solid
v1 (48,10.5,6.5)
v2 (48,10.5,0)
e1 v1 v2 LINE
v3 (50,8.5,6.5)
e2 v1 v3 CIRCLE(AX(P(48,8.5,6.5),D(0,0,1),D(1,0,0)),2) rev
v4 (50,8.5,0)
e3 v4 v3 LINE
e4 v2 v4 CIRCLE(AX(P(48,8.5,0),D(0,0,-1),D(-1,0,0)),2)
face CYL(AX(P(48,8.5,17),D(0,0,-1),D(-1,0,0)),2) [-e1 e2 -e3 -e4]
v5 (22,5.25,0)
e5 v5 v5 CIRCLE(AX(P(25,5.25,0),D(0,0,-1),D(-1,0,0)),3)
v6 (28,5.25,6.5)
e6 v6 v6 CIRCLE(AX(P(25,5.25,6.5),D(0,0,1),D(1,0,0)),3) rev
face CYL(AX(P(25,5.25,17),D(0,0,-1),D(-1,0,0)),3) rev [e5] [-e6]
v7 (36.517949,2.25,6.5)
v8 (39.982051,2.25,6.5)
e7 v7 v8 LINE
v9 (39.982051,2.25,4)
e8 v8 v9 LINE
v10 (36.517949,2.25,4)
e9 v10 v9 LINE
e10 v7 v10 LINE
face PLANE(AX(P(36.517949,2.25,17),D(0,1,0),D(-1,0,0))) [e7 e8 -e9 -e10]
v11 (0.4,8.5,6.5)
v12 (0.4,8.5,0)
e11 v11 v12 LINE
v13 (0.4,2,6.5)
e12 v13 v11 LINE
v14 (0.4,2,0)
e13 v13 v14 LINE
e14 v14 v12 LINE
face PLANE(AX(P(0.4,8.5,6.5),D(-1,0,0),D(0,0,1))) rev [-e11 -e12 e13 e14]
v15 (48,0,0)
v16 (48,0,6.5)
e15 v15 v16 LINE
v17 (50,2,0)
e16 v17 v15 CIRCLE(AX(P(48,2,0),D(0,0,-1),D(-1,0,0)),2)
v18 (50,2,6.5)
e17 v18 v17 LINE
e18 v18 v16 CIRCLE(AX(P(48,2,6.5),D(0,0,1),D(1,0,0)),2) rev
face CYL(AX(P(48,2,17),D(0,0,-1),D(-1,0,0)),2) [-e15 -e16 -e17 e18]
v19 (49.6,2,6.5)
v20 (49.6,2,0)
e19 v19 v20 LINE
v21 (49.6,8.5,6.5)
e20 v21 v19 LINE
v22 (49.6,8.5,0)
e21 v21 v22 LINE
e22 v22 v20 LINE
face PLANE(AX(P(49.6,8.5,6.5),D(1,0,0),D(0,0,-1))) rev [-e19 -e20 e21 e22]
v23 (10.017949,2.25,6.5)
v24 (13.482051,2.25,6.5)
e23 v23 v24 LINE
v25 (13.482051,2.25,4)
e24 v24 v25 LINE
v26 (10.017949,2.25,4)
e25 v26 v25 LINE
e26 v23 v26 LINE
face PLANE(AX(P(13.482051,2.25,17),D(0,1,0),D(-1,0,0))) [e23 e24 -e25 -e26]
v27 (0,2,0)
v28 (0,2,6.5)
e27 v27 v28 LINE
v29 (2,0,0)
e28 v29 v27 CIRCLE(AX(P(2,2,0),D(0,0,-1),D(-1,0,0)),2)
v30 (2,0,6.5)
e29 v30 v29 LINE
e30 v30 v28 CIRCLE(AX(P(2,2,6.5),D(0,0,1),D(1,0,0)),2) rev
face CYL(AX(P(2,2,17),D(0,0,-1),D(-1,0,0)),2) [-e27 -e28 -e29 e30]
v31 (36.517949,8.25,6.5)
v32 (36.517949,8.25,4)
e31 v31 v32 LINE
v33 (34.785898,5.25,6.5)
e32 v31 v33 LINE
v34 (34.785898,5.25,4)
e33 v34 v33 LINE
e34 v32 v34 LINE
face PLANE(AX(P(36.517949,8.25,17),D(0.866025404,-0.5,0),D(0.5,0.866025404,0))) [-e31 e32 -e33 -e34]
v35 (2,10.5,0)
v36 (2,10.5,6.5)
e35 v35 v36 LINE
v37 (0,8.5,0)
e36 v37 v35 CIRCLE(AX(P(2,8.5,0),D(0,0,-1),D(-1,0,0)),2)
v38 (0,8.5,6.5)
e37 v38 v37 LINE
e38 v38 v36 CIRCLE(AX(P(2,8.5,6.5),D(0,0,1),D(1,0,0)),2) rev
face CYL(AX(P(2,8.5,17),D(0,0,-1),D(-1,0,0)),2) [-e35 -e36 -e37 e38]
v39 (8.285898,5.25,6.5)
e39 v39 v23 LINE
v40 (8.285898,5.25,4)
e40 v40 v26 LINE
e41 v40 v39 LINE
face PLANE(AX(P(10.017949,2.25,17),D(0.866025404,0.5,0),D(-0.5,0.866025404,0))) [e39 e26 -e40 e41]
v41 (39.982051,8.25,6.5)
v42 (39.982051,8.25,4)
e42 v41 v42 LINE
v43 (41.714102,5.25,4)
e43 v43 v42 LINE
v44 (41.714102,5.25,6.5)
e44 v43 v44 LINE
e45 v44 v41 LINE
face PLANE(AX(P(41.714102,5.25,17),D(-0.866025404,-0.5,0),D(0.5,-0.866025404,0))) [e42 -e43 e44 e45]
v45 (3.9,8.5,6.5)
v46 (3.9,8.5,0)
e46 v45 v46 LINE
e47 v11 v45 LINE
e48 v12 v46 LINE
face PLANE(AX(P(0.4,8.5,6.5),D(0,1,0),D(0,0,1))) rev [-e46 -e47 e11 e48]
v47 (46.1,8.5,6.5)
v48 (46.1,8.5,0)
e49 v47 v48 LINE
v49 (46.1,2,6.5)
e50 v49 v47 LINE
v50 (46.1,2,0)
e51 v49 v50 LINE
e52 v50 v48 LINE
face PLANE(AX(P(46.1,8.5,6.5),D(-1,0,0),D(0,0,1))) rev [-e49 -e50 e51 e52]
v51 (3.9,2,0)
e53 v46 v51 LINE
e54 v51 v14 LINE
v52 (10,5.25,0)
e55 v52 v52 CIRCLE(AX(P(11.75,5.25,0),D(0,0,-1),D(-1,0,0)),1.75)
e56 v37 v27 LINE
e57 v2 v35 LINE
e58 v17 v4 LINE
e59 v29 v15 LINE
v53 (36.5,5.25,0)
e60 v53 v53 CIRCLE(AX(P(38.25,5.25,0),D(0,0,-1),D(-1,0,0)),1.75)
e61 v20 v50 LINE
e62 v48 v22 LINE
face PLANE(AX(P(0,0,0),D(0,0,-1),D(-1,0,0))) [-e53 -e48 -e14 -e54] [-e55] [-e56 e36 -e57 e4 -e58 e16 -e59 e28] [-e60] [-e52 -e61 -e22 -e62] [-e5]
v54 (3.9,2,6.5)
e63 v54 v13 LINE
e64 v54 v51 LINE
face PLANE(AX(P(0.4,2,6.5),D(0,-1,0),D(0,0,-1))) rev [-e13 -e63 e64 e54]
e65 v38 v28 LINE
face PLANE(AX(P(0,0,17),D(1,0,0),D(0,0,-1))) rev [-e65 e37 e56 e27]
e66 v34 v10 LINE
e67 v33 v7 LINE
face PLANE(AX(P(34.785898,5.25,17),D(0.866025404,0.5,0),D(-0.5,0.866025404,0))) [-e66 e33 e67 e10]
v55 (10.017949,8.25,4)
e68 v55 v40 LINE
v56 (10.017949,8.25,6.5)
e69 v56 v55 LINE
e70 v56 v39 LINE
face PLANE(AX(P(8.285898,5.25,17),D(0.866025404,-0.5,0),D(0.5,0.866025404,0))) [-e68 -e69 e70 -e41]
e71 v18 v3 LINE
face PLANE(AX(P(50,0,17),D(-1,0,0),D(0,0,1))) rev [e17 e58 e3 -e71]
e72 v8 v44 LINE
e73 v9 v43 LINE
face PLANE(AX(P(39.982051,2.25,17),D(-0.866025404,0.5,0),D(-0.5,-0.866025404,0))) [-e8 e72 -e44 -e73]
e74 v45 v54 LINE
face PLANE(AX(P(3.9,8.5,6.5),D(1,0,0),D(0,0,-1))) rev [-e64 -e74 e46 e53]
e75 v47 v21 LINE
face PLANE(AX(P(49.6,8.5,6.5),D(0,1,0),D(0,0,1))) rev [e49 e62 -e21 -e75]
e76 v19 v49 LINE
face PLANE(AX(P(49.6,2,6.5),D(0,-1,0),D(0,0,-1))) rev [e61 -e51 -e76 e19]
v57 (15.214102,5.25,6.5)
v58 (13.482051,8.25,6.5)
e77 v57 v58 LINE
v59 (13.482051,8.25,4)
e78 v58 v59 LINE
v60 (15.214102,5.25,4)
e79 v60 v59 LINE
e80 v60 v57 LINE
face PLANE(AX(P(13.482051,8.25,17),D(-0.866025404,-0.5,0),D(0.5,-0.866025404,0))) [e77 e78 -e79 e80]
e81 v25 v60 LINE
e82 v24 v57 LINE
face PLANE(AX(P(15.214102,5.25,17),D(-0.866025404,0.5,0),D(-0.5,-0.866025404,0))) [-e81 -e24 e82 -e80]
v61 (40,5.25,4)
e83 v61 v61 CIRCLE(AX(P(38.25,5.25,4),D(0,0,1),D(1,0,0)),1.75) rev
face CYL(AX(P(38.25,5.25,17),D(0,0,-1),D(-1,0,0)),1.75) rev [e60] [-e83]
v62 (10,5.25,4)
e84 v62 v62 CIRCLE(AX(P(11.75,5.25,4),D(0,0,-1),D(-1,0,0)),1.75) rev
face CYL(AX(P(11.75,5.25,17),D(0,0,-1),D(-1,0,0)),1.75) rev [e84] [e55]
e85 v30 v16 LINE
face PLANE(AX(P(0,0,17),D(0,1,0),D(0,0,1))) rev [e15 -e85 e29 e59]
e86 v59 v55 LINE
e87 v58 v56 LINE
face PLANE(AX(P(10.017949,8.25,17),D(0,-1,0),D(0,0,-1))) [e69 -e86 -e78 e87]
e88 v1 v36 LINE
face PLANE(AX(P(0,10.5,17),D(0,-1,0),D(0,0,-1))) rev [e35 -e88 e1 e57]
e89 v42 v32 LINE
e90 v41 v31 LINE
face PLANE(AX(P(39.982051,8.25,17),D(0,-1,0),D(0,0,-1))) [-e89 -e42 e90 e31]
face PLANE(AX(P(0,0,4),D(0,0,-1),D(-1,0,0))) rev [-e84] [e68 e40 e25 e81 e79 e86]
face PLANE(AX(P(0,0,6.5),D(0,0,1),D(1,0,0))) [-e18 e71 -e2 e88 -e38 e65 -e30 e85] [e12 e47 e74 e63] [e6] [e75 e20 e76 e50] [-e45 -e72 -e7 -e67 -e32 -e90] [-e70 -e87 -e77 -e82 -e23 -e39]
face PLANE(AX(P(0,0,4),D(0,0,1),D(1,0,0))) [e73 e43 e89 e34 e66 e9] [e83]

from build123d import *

# Parameters (mm, degrees)
SKETCH_1_W          = 50
SKETCH_1_H          = 10.5
EXTRUDE_1_DEPTH     = 17
SKETCH_2_W          = 36
SKETCH_2_H          = 3.5
CUT_EXTRUDE_1_DEPTH = 10
CUT_EXTRUDE_2_DEPTH = 10.5
SKETCH_4_W          = 3.5
SKETCH_4_H          = 6.5
CUT_EXTRUDE_3_DEPTH = 6.5
FILLET_1_R          = 2
SKETCH_6_R          = 3
SKETCH_6_R_2        = 1.75
CUT_EXTRUDE_4_DEPTH = 18
CUT_EXTRUDE_5_DEPTH = 11
CUT_EXTRUDE_6_DEPTH = 3
SKETCH_9_W          = 58.421136066
SKETCH_9_H          = 24.245128271
CUT_EXTRUDE_7_DEPTH = 11.5


with BuildPart() as part:
    # ｽｹｯﾁ1 → ﾎﾞｽ - 押し出し1 (new body)
    with BuildSketch(Plane.XY):
        with Locations((25, 5.25)):
            Rectangle(SKETCH_1_W, SKETCH_1_H)
    extrude(amount=EXTRUDE_1_DEPTH)

    # ｽｹｯﾁ2 → ｶｯﾄ - 押し出し1 (cut)
    with BuildSketch(Plane.XY.offset(17)):
        with Locations((25, 5.25)):
            Rectangle(SKETCH_2_W, SKETCH_2_H)
    extrude(amount=-CUT_EXTRUDE_1_DEPTH, mode=Mode.SUBTRACT)

    # ｽｹｯﾁ3 → ｶｯﾄ - 押し出し2 (cut)
    with BuildSketch(Plane.XZ):
        Polygon((1, 17), (3, 12), (7, 12), (17, 17), align=None)
        Polygon((33, 17), (43, 12), (47, 12), (49, 17), align=None)
    extrude(amount=-CUT_EXTRUDE_2_DEPTH, mode=Mode.SUBTRACT)

    # ｽｹｯﾁ4 → ｶｯﾄ - 押し出し3 (cut)
    with BuildSketch(Plane(origin=(0, 0, 0), x_dir=(-1, 0, 0), z_dir=(0, 0, -1))):
        with Locations((-2.15, 5.25)):
            Rectangle(SKETCH_4_W, SKETCH_4_H)
        with Locations((-47.85, 5.25)):
            Rectangle(SKETCH_4_W, SKETCH_4_H)
    extrude(amount=-CUT_EXTRUDE_3_DEPTH, mode=Mode.SUBTRACT)

    # ﾌｨﾚｯﾄ1
    fillet_1_edges = [part.edges().sort_by_distance(p)[0] for p in [
        (0, 0, 8.5),
        (0, 10.5, 8.5),
        (50, 0, 8.5),
        (50, 10.5, 8.5),
    ]]
    fillet(fillet_1_edges, radius=FILLET_1_R)

    # ｽｹｯﾁ6 → ｶｯﾄ - 押し出し4 (cut, through all)
    with BuildSketch(Plane(origin=(0, 0, 0), x_dir=(-1, 0, 0), z_dir=(0, 0, -1))):
        with Locations((-25, 5.25)):
            Circle(SKETCH_6_R)
        with Locations((-11.75, 5.25)):
            Circle(SKETCH_6_R_2)
        with Locations((-38.25, 5.25)):
            Circle(SKETCH_6_R_2)
    extrude(amount=-CUT_EXTRUDE_4_DEPTH, mode=Mode.SUBTRACT)

    # ｽｹｯﾁ7 → ｶｯﾄ - 押し出し5 (cut, through all)
    with BuildSketch(Plane.XY.offset(7)):
        Polygon((34.785898385, 5.25), (36.517949192, 2.25), (39.982050808, 2.25), (41.714101615, 5.25), (39.982050808, 8.25), (36.517949192, 8.25), align=None)
        Polygon((13.482050808, 8.25), (15.214101615, 5.25), (13.482050808, 2.25), (10.017949192, 2.25), (8.285898385, 5.25), (10.017949192, 8.25), align=None)
    extrude(amount=CUT_EXTRUDE_5_DEPTH, mode=Mode.SUBTRACT)

    # ｽｹｯﾁ8 → ｶｯﾄ - 押し出し6 (cut)
    with BuildSketch(Plane.XY.offset(7)):
        Polygon((36.517949192, 2.25), (39.982050808, 2.25), (41.714101615, 5.25), (39.982050808, 8.25), (36.517949192, 8.25), (34.785898385, 5.25), align=None)
        Polygon((15.214101615, 5.25), (13.482050808, 2.25), (10.017949192, 2.25), (8.285898385, 5.25), (10.017949192, 8.25), (13.482050808, 8.25), align=None)
    extrude(amount=-CUT_EXTRUDE_6_DEPTH, mode=Mode.SUBTRACT)

    # ｽｹｯﾁ9 → ｶｯﾄ - 押し出し7 (cut, through all)
    with BuildSketch(Plane(origin=(0, 0, 6.5), x_dir=(-1, 0, 0), z_dir=(0, 0, -1))):
        with Locations((-24.970881096, 5.810967265)):
            Rectangle(SKETCH_9_W, SKETCH_9_H)
    extrude(amount=-CUT_EXTRUDE_7_DEPTH, mode=Mode.SUBTRACT)


solid = part.part
